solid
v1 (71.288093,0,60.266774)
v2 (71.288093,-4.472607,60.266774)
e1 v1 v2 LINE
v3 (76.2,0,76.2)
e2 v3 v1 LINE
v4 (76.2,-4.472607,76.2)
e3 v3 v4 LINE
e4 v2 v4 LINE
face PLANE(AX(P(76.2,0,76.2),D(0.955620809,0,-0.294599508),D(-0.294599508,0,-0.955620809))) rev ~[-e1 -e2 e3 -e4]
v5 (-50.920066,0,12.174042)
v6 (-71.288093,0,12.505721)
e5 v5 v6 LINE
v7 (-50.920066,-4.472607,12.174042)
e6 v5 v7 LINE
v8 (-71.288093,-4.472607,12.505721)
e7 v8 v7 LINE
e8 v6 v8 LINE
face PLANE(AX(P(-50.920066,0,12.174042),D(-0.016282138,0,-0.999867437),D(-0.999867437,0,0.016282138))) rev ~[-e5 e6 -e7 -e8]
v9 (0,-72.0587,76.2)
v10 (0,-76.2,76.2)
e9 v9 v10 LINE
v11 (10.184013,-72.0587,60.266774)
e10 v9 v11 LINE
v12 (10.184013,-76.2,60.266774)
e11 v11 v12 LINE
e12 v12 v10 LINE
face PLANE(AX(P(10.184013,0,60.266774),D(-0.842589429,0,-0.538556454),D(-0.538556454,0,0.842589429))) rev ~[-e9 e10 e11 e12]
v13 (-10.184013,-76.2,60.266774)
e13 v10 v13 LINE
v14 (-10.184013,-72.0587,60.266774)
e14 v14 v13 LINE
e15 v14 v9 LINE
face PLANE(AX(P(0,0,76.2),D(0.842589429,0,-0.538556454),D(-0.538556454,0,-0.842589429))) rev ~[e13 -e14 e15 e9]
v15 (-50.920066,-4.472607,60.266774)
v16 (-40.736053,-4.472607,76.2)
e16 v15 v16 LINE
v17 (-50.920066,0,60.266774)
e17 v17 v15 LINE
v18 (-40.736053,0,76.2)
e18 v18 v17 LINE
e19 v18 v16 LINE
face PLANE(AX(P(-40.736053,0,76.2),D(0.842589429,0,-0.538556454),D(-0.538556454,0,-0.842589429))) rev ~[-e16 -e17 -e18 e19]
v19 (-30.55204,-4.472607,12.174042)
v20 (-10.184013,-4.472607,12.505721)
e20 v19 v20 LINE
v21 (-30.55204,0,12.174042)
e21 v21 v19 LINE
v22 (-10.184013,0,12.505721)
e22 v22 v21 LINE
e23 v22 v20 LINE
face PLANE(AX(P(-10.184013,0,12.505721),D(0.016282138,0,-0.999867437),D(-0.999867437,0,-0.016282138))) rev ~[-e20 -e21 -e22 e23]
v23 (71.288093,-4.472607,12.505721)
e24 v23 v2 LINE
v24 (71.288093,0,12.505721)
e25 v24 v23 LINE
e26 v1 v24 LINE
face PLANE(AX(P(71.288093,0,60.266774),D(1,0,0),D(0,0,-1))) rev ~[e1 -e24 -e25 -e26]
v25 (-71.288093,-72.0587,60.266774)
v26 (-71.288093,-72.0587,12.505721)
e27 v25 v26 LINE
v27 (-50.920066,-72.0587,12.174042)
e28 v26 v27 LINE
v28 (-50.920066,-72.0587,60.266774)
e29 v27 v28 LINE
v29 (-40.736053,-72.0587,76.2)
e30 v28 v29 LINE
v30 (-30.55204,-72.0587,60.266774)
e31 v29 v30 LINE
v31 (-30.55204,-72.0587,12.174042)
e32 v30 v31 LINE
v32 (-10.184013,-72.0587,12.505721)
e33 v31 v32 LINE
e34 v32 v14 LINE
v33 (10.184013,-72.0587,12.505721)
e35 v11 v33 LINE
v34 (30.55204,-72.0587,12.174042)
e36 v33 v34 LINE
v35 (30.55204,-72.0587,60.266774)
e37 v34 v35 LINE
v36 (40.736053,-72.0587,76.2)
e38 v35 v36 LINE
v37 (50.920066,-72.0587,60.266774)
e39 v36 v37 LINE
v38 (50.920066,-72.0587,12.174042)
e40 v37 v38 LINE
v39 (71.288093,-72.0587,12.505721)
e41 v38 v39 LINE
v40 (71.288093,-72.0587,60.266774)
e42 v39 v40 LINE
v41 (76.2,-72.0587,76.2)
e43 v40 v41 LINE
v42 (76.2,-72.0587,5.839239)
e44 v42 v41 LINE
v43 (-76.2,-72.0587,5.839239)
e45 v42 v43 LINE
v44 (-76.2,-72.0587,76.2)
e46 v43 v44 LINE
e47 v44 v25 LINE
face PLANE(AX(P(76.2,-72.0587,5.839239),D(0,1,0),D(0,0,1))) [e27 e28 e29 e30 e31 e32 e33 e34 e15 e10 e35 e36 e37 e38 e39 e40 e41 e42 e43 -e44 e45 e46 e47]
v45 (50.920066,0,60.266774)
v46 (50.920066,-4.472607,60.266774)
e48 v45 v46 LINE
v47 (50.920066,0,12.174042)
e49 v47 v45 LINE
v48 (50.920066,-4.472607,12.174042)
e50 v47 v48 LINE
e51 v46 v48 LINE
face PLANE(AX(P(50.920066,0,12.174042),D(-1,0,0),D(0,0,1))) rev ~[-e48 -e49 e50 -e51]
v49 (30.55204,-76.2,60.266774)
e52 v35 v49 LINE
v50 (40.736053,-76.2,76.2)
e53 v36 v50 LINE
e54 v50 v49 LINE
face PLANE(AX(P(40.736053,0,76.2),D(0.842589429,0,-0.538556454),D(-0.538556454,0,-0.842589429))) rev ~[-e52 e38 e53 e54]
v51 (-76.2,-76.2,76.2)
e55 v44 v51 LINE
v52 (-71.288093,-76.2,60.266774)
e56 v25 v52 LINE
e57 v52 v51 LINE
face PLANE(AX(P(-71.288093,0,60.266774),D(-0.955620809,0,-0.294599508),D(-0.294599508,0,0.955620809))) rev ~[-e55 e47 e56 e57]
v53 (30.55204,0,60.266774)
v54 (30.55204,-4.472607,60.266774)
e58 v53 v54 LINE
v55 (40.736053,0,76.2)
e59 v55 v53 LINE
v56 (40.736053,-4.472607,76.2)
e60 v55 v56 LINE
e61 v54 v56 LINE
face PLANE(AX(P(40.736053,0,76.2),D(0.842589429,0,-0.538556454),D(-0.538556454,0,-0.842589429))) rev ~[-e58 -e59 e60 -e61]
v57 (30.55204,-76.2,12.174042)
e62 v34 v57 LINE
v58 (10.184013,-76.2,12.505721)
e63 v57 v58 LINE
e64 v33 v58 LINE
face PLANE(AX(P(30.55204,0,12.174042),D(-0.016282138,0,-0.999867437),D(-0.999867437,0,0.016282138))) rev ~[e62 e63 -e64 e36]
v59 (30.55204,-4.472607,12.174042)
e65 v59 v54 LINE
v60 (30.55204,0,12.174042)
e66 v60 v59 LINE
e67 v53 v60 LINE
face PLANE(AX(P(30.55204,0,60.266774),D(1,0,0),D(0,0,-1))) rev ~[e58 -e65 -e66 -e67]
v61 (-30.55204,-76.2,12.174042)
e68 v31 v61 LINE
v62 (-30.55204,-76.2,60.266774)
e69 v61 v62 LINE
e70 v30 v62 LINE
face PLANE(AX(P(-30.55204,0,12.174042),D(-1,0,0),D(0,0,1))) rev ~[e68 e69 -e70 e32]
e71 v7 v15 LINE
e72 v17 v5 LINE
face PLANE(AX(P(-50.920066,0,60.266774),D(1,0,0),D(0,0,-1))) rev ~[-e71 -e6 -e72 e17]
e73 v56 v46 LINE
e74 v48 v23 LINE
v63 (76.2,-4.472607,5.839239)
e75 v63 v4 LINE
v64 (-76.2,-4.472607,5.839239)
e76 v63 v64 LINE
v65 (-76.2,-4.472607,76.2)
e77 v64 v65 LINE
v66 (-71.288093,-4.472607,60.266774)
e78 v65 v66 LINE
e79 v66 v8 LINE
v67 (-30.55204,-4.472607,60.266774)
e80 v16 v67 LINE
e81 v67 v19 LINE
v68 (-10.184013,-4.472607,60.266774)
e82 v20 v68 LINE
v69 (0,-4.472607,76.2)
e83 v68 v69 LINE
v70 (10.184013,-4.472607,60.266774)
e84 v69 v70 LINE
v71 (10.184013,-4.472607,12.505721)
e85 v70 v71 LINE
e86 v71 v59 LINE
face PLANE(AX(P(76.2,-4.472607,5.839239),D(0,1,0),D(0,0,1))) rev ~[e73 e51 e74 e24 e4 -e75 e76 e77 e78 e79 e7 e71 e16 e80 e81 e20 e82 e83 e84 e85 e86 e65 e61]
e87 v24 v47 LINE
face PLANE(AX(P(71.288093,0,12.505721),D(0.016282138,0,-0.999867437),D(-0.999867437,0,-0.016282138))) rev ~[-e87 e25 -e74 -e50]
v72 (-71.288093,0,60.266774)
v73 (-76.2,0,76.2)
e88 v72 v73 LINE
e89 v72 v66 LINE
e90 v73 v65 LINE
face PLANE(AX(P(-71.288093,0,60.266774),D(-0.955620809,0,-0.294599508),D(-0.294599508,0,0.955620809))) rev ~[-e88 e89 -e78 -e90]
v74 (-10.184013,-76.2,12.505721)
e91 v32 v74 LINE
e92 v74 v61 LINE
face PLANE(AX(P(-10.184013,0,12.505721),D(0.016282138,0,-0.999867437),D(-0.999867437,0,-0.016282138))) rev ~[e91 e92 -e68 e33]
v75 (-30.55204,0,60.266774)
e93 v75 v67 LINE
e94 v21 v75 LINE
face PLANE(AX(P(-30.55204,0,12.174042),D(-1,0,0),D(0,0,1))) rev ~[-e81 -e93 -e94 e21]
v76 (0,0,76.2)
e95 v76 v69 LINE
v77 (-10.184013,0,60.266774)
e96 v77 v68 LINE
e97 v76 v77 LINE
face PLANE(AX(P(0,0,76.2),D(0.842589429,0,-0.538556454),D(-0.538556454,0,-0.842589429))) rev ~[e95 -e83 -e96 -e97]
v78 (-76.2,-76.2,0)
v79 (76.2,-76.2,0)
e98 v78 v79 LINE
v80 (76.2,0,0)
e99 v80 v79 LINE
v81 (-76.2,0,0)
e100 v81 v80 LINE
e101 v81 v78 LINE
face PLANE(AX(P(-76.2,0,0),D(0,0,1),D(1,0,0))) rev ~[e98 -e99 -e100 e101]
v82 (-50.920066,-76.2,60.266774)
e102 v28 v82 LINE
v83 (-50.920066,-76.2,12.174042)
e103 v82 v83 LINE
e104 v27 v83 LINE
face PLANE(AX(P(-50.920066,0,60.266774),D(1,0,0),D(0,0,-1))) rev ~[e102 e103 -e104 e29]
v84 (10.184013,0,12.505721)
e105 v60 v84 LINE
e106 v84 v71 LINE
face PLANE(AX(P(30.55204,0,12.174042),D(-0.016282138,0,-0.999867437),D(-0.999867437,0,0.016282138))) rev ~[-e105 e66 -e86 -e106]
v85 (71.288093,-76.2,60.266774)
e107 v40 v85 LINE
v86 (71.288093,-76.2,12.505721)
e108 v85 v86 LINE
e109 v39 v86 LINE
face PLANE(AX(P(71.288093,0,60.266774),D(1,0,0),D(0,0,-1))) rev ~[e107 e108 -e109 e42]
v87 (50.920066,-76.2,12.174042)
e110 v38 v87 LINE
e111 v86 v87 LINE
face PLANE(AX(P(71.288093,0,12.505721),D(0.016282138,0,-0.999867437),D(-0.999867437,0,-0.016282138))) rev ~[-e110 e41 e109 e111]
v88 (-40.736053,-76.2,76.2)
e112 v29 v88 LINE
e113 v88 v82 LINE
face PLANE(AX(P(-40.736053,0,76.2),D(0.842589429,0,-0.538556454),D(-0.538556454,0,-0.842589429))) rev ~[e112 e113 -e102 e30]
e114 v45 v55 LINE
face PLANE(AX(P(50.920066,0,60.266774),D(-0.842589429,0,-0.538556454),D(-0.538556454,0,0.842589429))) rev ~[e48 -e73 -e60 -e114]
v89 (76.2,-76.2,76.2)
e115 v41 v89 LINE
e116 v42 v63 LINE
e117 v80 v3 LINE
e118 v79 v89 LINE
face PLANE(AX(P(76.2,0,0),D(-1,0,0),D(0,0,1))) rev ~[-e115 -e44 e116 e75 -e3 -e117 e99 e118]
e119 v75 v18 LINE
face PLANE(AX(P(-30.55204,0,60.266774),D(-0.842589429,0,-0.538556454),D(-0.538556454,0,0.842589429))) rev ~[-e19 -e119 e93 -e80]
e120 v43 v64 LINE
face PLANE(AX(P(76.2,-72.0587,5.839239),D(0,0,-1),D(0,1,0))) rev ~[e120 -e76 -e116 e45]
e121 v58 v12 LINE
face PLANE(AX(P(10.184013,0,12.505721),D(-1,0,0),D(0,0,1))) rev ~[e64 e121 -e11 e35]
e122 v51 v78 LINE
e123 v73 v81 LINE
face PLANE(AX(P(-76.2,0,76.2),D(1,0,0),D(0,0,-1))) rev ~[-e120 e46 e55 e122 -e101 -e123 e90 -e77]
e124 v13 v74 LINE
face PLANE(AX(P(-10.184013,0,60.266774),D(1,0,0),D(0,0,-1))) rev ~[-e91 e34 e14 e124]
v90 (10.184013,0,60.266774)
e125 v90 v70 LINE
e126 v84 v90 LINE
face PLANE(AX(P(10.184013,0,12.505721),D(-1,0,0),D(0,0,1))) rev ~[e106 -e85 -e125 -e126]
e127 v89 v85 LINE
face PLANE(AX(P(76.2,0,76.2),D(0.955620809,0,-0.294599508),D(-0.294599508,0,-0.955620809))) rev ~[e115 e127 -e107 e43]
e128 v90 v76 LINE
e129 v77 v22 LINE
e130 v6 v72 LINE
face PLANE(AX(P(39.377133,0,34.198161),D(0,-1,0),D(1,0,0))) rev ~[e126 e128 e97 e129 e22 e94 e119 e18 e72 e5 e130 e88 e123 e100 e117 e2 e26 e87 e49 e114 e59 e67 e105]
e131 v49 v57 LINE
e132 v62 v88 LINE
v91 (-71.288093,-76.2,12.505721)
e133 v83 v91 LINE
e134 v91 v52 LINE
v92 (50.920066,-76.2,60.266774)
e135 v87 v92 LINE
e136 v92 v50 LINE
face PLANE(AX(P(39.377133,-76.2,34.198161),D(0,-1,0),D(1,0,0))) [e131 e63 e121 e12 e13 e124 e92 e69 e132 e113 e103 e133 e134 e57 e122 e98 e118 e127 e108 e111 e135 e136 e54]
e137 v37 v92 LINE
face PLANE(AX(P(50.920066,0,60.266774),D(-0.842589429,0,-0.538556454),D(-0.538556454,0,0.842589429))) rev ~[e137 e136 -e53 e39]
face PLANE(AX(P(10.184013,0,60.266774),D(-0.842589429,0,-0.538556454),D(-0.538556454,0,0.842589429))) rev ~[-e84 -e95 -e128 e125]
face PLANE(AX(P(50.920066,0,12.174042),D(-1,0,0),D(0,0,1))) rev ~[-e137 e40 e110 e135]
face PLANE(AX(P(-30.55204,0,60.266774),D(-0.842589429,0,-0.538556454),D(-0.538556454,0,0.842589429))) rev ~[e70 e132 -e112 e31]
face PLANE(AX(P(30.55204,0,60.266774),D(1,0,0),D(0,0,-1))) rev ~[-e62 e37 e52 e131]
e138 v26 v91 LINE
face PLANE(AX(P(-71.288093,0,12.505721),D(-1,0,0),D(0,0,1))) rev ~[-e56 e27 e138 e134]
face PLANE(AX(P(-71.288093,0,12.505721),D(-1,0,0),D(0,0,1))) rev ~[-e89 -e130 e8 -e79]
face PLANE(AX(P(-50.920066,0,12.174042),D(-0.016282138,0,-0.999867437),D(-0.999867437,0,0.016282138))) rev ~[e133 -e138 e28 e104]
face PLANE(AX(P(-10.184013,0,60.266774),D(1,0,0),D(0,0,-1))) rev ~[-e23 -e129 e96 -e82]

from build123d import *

# Parameters (mm, degrees)
F1_DEPTH = 76.2
F2_W     = 67.586093
F2_H     = 79.264563
F3_DEPTH = 177.8


with BuildPart() as f1:
    # F0 (on Front) → F1 (new body)
    with BuildSketch(Plane.XZ):
        Polygon((0, 76.2), (0, 0), (76.2, 0), (76.2, 76.2), (71.288093, 60.266774), (71.288093, 48.327021), (71.288093, 12.505721), (50.920066, 12.174042), (50.920066, 48.327021), (50.920066, 60.266774), (40.736053, 76.2), (30.55204, 60.266774), (30.55204, 48.327021), (30.55204, 12.174042), (10.184013, 12.505721), (10.184013, 48.327021), (10.184013, 60.266774), align=None)
        Polygon((-76.2, 0), (0, 0), (0, 76.2), (-10.184013, 60.266774), (-10.184013, 48.327021), (-10.184013, 12.505721), (-30.55204, 12.174042), (-30.55204, 48.327021), (-30.55204, 60.266774), (-40.736053, 76.2), (-50.920066, 60.266774), (-50.920066, 48.327021), (-50.920066, 12.174042), (-71.288093, 12.505721), (-71.288093, 48.327021), (-71.288093, 60.266774), (-76.2, 76.2), align=None)
    extrude(amount=F1_DEPTH)

    # F2 (on face) → F3 (cut)
    with BuildSketch(Plane.YZ.offset(76.2)):
        with Locations((-38.265653, 45.471521)):
            Rectangle(F2_W, F2_H)
    extrude(amount=-F3_DEPTH, mode=Mode.SUBTRACT)


solid = f1.part
